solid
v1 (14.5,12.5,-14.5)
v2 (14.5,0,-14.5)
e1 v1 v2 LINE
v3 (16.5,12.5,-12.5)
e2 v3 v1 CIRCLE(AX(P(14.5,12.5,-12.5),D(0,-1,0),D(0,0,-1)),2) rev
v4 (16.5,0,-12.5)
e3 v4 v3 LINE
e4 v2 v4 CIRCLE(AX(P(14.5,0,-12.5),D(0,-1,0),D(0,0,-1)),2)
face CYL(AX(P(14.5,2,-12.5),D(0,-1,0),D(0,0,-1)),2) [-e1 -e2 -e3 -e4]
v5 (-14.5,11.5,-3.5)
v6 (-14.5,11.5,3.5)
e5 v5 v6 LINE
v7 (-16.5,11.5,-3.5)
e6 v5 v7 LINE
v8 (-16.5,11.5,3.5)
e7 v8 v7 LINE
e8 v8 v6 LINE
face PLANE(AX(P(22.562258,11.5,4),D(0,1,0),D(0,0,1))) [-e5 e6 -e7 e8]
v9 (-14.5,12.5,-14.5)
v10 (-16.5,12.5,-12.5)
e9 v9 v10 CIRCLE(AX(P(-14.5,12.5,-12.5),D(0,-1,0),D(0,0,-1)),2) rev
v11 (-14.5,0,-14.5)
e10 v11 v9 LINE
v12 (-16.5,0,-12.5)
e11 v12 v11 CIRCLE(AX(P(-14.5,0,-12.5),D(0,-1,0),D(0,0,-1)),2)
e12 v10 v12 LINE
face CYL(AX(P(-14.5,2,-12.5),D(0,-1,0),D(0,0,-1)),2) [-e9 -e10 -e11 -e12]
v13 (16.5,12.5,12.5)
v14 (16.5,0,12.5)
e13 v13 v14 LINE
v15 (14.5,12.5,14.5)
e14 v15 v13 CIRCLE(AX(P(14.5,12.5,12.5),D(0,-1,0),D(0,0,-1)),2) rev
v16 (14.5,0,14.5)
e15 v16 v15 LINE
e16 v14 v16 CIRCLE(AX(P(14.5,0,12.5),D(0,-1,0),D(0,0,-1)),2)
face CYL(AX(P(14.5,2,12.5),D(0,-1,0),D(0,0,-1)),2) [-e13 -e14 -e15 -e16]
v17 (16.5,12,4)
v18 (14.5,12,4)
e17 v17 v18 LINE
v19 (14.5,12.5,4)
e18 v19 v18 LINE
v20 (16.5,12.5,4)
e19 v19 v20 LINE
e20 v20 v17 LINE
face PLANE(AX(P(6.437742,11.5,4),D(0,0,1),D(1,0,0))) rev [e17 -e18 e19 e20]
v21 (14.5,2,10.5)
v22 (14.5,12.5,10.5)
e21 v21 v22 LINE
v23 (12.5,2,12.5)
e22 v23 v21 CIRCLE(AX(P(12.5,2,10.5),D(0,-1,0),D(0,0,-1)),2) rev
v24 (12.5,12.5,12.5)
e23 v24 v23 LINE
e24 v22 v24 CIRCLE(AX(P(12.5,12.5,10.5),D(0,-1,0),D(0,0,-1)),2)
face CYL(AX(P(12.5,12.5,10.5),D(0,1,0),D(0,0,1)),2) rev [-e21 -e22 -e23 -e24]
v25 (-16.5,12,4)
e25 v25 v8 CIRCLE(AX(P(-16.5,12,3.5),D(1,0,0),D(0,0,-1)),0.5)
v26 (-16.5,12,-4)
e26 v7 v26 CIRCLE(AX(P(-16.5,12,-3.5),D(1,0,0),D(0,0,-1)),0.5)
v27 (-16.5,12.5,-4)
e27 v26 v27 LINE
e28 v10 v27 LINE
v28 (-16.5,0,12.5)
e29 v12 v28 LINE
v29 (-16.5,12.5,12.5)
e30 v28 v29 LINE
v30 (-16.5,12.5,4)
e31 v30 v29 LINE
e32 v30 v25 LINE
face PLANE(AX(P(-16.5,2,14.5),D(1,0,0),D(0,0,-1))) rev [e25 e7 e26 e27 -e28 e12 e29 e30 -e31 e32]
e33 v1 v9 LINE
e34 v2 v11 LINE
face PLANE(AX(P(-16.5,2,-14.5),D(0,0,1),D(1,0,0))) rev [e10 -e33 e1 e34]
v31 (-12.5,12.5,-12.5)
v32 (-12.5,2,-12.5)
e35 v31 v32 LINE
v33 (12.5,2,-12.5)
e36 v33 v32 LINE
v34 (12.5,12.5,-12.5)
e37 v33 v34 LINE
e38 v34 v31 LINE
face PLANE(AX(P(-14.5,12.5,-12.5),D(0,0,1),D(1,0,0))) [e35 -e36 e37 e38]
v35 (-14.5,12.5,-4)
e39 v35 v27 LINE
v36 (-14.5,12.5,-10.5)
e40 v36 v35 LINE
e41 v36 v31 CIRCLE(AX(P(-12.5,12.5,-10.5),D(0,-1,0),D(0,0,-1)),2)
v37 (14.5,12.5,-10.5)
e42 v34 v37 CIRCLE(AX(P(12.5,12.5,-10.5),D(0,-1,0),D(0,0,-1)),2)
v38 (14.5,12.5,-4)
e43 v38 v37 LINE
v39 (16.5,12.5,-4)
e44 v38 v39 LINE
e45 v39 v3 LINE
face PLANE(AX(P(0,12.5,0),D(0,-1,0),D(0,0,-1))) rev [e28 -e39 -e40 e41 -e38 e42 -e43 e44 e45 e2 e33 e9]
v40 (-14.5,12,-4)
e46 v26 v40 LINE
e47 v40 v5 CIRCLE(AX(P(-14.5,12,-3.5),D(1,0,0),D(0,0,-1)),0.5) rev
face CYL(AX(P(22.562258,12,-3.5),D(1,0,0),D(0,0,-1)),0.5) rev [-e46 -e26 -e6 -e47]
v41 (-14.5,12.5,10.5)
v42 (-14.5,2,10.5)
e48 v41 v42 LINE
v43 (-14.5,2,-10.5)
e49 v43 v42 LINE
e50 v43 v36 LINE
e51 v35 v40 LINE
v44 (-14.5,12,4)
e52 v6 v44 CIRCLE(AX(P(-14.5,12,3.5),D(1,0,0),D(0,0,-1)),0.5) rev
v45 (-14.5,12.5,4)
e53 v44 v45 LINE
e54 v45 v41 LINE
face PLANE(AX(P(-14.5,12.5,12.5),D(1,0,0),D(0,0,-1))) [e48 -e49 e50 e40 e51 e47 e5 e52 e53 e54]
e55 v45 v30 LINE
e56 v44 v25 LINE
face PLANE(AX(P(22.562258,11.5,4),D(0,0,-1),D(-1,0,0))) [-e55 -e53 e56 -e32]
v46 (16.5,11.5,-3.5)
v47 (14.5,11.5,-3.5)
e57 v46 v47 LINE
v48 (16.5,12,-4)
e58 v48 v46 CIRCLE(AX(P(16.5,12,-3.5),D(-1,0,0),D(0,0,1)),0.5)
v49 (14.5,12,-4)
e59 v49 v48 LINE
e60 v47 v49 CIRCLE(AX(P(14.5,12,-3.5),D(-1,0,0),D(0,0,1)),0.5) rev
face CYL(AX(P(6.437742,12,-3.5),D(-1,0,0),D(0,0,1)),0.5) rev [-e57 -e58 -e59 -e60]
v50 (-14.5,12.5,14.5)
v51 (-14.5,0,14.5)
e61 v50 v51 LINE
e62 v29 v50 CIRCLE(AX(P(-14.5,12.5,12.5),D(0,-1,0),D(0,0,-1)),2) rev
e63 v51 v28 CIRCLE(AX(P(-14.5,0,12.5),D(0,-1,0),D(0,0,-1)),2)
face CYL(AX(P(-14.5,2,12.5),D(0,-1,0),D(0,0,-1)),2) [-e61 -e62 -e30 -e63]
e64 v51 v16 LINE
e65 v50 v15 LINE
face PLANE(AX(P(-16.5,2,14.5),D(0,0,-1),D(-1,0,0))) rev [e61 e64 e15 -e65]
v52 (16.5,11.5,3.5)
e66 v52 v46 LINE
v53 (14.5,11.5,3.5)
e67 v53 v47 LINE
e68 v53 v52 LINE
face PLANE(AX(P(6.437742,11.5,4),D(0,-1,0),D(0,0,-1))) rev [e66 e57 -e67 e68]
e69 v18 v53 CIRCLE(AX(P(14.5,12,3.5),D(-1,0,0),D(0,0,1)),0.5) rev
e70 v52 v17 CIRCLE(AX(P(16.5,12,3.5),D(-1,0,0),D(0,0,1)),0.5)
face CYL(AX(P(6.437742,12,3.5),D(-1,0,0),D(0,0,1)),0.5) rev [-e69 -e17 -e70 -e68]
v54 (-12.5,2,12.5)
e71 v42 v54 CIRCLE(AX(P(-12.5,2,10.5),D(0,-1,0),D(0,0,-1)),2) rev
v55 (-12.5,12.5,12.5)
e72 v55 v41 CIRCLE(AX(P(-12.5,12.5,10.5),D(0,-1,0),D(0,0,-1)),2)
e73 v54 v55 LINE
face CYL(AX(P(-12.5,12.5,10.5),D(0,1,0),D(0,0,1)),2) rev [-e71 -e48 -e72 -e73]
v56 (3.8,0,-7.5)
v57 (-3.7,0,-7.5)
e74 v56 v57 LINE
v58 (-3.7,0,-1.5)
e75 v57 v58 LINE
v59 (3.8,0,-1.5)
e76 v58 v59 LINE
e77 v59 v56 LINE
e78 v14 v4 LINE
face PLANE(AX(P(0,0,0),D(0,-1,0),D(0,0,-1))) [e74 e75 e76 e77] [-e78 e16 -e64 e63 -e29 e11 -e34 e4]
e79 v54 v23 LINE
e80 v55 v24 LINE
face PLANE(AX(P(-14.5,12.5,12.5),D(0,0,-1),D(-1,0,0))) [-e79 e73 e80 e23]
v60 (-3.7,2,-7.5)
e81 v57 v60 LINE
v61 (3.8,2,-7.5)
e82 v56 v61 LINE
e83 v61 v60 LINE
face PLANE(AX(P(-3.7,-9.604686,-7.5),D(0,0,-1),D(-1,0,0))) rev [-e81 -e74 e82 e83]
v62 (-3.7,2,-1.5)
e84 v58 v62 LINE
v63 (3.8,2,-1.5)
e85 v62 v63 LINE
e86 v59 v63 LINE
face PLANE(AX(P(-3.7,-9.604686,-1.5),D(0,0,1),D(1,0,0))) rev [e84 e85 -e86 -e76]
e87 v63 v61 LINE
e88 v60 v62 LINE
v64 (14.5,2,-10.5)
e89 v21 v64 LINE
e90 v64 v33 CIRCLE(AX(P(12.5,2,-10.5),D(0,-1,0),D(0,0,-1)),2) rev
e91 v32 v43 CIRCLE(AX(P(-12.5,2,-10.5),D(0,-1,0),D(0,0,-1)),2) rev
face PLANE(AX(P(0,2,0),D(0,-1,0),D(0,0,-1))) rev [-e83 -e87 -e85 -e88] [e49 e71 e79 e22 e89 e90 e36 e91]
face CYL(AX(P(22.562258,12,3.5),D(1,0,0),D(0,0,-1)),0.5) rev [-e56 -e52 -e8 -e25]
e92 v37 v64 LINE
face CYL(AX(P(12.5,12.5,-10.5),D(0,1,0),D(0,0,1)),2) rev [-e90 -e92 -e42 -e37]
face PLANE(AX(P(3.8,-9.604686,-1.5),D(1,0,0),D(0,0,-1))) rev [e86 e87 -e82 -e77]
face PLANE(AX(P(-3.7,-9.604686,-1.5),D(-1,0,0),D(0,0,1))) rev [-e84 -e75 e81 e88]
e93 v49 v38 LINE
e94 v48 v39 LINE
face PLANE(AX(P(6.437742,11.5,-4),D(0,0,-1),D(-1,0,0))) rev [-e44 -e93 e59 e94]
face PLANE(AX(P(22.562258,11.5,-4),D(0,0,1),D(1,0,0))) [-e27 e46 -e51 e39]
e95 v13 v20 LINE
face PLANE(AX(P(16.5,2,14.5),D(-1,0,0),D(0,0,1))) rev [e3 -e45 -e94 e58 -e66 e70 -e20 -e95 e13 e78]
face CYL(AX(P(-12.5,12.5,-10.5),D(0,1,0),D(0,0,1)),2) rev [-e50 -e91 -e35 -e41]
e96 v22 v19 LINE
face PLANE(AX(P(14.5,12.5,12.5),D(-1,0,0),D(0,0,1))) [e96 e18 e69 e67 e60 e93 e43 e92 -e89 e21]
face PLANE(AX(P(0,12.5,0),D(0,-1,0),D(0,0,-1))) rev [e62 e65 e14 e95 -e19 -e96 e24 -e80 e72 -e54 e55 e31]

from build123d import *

# Parameters (mm, degrees)
SKETCH1_W            = 33
SKETCH1_H            = 29
BOSS_EXTRUDE1_DEPTH  = 2
SKETCH2_W            = 33
SKETCH2_H            = 29
SKETCH2_W_2          = 29
SKETCH2_H_2          = 25
BOSS_EXTRUDE2_DEPTH  = 10.5
SKETCH4_W            = 7.5
SKETCH4_H            = 6
CUT_EXTRUDE1_DEPTH   = 2
FILLET1_R            = 2
SKETCH5_W            = 8
SKETCH5_H            = 1
CUT_EXTRUDE2_DEPTH   = 31
FILLET2_R            = 0.5
FILLET2_OF_MIRROR1_R = 0.5


with BuildPart() as part:
    # Sketch1 → Boss-Extrude1 (new body)
    with BuildSketch(Plane(origin=(0, 0, 0), x_dir=(1, 0, 0), z_dir=(0, 1, 0))):
        Rectangle(SKETCH1_W, SKETCH1_H)
    extrude(amount=BOSS_EXTRUDE1_DEPTH)

    # Sketch2 → Boss-Extrude2 (add)
    with BuildSketch(Plane(origin=(0, 2, 0), x_dir=(1, 0, 0), z_dir=(0, 1, 0))):
        Rectangle(SKETCH2_W, SKETCH2_H)
        Rectangle(SKETCH2_W_2, SKETCH2_H_2, mode=Mode.SUBTRACT)
    extrude(amount=BOSS_EXTRUDE2_DEPTH)

    # Sketch4 → Cut-Extrude1 (cut)
    with BuildSketch(Plane(origin=(0, 2, 0), x_dir=(1, 0, 0), z_dir=(0, 1, 0))):
        with Locations((0.05, 4.5)):
            Rectangle(SKETCH4_W, SKETCH4_H)
    extrude(amount=-CUT_EXTRUDE1_DEPTH, mode=Mode.SUBTRACT)

    # Fillet1
    fillet1_edges = [part.edges().sort_by_distance(p)[0] for p in [
        (14.5, 7.25, -12.5),
        (-14.5, 7.25, -12.5),
        (-14.5, 7.25, 12.5),
        (14.5, 7.25, 12.5),
        (16.5, 6.25, 14.5),
        (-16.5, 6.25, 14.5),
        (-16.5, 6.25, -14.5),
        (16.5, 6.25, -14.5),
    ]]
    fillet(fillet1_edges, radius=FILLET1_R)

    # Sketch5 → Cut-Extrude2 (cut)
    with BuildSketch(Plane(origin=(16.5, 0, 0), x_dir=(0, 0, -1), z_dir=(1, 0, 0))):
        with Locations((0, 12)):
            Rectangle(SKETCH5_W, SKETCH5_H)
    cut_extrude2 = extrude(amount=-CUT_EXTRUDE2_DEPTH, mode=Mode.SUBTRACT)

    # Fillet2
    fillet2_edges = [part.edges().sort_by_distance(p)[0] for p in [
        (15.5, 11.5, 4),
        (15.5, 11.5, -4),
    ]]
    fillet(fillet2_edges, radius=FILLET2_R)

    # Mirror1: Cut-Extrude2 across plane
    add(cut_extrude2.mirror(Plane(origin=(0, 0, 0), x_dir=(0, 0, 1), z_dir=(1, 0, 0))), mode=Mode.SUBTRACT)

    # Fillet2 of Mirror1
    fillet2_of_mirror1_edges = [part.edges().sort_by_distance(p)[0] for p in [
        (-15.5, 11.5, 4),
        (-15.5, 11.5, -4),
    ]]
    fillet(fillet2_of_mirror1_edges, radius=FILLET2_OF_MIRROR1_R)


solid = part.part
